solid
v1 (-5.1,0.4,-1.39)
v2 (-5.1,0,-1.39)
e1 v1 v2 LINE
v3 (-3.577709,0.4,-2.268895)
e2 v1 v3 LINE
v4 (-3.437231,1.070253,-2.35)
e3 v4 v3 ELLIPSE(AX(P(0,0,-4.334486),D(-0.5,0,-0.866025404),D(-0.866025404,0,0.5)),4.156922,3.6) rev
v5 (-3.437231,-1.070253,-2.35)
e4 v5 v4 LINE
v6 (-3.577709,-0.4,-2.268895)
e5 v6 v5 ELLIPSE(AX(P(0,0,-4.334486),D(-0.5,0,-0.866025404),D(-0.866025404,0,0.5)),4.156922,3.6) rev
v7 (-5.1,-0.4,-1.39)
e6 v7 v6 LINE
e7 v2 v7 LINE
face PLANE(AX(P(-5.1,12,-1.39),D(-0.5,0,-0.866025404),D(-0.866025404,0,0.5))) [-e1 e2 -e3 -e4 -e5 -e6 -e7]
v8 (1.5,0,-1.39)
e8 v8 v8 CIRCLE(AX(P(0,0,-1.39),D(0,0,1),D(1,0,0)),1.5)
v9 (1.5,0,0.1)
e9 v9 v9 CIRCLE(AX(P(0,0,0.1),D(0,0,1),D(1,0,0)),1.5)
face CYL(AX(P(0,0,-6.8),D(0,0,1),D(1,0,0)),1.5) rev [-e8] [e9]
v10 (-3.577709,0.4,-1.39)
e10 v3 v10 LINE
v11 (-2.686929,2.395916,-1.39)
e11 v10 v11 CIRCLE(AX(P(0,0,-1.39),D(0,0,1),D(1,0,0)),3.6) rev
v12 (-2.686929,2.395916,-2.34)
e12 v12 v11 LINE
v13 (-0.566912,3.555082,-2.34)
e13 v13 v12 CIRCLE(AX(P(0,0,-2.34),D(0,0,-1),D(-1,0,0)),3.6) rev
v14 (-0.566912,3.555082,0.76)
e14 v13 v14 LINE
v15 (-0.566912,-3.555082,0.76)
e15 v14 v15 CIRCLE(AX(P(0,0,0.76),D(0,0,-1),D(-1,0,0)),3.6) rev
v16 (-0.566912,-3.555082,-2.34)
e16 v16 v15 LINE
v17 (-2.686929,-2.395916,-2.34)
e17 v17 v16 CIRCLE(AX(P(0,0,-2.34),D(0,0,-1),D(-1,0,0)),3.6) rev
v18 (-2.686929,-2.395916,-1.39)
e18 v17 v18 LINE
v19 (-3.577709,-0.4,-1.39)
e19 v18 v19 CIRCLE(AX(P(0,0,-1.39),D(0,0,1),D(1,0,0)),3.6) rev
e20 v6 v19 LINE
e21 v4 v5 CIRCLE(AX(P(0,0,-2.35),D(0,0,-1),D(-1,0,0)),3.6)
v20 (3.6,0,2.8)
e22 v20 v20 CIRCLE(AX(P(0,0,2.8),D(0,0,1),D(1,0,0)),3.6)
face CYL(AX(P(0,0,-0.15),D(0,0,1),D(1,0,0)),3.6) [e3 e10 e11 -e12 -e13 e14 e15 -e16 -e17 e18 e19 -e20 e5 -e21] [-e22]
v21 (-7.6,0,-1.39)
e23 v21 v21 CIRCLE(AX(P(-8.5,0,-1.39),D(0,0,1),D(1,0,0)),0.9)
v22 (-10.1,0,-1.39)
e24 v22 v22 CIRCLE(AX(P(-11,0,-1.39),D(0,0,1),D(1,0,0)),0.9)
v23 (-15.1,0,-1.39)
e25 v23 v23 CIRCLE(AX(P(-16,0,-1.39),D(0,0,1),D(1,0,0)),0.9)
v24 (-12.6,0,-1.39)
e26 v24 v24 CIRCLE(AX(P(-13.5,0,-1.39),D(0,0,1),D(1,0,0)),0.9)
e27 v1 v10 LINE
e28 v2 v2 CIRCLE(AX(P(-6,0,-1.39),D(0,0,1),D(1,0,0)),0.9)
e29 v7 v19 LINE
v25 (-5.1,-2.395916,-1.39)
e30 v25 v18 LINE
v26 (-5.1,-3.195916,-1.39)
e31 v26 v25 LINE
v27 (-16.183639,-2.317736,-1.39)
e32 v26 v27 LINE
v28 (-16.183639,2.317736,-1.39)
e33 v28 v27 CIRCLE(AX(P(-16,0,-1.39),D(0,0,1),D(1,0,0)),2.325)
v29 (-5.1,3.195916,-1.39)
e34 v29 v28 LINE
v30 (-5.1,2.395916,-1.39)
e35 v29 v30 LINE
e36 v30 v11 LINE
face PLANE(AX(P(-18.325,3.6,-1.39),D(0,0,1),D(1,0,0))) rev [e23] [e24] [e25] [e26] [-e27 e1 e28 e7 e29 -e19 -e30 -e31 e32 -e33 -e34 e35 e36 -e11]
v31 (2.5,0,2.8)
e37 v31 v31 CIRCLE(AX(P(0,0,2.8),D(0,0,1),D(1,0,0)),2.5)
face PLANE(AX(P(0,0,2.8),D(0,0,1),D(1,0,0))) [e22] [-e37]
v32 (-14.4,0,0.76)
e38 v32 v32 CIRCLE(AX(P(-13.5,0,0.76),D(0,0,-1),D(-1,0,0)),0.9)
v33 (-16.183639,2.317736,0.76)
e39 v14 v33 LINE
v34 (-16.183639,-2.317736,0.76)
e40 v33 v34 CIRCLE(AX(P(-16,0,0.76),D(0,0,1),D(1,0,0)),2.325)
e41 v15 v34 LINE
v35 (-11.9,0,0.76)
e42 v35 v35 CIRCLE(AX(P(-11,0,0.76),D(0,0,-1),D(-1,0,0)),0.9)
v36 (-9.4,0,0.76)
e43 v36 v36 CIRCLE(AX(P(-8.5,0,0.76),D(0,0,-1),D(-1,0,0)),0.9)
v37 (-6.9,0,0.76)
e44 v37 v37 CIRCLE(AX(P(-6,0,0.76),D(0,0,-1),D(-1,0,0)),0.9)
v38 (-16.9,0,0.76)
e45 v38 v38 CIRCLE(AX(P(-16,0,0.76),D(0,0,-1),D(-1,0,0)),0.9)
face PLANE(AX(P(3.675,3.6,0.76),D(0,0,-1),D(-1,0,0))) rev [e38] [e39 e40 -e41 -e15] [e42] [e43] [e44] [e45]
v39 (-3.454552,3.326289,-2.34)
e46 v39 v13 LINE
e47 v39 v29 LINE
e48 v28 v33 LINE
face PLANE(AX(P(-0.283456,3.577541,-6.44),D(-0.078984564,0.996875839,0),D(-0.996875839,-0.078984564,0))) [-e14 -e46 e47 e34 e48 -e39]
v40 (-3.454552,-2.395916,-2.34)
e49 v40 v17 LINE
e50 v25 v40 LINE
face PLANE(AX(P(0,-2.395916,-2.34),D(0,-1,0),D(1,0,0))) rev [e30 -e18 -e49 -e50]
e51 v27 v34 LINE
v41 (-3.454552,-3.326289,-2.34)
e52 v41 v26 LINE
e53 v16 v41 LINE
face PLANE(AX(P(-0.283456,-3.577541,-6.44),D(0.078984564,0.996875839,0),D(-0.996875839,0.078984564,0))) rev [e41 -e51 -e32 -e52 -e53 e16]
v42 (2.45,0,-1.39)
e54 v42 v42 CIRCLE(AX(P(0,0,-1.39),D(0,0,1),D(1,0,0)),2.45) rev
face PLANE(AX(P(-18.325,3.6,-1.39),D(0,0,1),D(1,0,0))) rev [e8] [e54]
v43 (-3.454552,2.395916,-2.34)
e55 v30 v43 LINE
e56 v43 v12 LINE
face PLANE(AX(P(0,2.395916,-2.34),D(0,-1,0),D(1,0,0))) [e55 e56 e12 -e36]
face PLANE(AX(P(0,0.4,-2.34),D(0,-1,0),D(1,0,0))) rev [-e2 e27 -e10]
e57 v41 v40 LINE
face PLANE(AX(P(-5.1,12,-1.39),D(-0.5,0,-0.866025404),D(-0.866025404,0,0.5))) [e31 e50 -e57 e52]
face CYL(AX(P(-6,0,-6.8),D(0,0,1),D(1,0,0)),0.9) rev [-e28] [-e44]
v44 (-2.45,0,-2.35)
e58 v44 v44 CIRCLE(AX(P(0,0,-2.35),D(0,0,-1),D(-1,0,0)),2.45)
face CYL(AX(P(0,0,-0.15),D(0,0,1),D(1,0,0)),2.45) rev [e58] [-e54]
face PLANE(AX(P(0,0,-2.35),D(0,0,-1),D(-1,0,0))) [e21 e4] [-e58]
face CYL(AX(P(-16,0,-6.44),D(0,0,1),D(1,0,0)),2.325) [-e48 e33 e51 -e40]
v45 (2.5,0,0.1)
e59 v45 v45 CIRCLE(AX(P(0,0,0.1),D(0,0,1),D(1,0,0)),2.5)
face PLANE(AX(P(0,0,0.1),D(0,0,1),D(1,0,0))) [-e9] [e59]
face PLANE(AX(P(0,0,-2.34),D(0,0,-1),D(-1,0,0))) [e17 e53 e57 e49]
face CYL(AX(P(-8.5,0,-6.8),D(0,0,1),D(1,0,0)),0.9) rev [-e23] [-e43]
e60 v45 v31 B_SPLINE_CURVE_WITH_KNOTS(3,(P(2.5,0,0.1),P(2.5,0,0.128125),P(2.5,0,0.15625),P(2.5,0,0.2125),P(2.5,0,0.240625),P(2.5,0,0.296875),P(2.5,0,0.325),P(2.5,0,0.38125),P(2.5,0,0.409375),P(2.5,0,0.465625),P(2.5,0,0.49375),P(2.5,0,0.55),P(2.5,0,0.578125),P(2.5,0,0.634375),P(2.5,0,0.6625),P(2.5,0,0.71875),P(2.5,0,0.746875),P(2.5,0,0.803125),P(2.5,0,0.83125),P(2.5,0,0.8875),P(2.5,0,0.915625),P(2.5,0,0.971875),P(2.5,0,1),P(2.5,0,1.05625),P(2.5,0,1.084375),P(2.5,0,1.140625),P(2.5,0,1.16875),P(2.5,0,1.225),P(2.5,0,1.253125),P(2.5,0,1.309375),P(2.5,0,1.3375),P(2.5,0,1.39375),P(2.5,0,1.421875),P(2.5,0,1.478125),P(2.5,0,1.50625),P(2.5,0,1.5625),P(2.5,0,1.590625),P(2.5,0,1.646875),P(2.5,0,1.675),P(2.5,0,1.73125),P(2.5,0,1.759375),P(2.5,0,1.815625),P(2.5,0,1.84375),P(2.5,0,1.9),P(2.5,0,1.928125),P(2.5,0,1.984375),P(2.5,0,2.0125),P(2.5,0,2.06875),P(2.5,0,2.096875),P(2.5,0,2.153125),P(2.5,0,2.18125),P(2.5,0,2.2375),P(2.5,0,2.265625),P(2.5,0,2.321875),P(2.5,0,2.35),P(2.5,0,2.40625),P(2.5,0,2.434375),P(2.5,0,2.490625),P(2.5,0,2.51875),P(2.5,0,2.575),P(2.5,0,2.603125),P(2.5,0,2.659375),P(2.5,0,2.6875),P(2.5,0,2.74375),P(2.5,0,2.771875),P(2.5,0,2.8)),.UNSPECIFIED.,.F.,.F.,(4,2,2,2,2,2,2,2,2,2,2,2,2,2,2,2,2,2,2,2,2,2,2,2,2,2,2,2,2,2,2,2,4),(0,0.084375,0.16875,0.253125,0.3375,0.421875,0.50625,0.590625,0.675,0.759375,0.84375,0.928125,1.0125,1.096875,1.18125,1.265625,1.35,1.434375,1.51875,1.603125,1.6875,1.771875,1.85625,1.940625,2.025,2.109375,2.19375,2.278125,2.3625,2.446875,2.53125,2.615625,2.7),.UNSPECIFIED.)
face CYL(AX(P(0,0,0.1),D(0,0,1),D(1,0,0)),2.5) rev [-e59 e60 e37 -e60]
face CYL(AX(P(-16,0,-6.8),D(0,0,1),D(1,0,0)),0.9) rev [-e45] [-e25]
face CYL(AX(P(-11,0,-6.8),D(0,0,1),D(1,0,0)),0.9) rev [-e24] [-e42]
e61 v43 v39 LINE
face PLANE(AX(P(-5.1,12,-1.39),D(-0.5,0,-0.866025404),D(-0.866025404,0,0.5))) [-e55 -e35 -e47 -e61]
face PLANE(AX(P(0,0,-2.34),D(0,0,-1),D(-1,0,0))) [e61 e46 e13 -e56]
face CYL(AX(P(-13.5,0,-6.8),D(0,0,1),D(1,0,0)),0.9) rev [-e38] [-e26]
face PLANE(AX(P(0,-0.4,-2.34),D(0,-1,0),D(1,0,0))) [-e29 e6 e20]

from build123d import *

# Parameters (mm, degrees)
RESSALTO_EXTRUS_O1_DEPTH      = 2.8
RESSALTO_EXTRUS_O1_DEPTH_BACK = 0.15
ESBO_O1_R                     = 3.6
ESBO_O1_R_2                   = 2.45
ESBO_O2_R                     = 2.5
ESBO_O2_R_2                   = 1
RESSALTO_EXTRUS_O2_DEPTH      = 0.5
ESBO_O3_R                     = 3.6
ESBO_O3_R_2                   = 2.45
RESSALTO_EXTRUS_O3_DEPTH      = 2.2
ESBO_O4_W                     = 22
ESBO_O4_H                     = 2.15
RESSALTO_EXTRUS_O4_DEPTH      = 3.6
CORTE_EXTRUS_O2_DEPTH         = 7.2
ESBO_O7_R                     = 2.5
CORTE_EXTRUS_O3_DEPTH         = 2.7
ESBO_O8_R                     = 1.5
ESBO_O8_R_2                   = 0.9
CORTE_EXTRUS_O4_DEPTH         = 6.9
RESSALTO_EXTRUS_O5_DEPTH      = 0.95
CORTE_EXTRUS_O5_DEPTH         = 12
CORTE_EXTRUS_O5_DEPTH_BACK    = 4.95


with BuildPart() as part:
    # Esboço1 → Ressalto-extrusão1 (new, two sides: drawn at the far end of the back side and taken through both)
    with BuildSketch(Plane.XY.offset(-RESSALTO_EXTRUS_O1_DEPTH_BACK)):
        Circle(ESBO_O1_R)
        Circle(ESBO_O1_R_2, mode=Mode.SUBTRACT)
    extrude(amount=RESSALTO_EXTRUS_O1_DEPTH + RESSALTO_EXTRUS_O1_DEPTH_BACK)



with BuildPart() as body_2:
    # Esboço2 → Ressalto-extrusão2 (new body)
    with BuildSketch(Plane(origin=(0, 0, -0.15), x_dir=(-1, 0, 0), z_dir=(0, 0, -1))):
        Circle(ESBO_O2_R)
        Circle(ESBO_O2_R_2, mode=Mode.SUBTRACT)
    extrude(amount=RESSALTO_EXTRUS_O2_DEPTH)


with BuildPart() as part_1:
    add(part.part)

    add(body_2.part)  # Ressalto-extrusão3 merges body 2
    # Esboço3 → Ressalto-extrusão3 (add)
    with BuildSketch(Plane(origin=(0, 0, -0.15), x_dir=(-1, 0, 0), z_dir=(0, 0, -1))):
        with Locations(Location((0, 0, 0), (0, 0, 180))):
            Circle(ESBO_O3_R)
        with Locations(Location((0, 0, 0), (0, 0, 180))):
            Circle(ESBO_O3_R_2, mode=Mode.SUBTRACT)
    extrude(amount=RESSALTO_EXTRUS_O3_DEPTH)

    # Esboço4 → Ressalto-extrusão4 (add, symmetric)
    with BuildSketch(Plane(origin=(0, 0, 0), x_dir=(1, 0, 0), z_dir=(0, 1, 0))):
        with Locations((-7.325, 0.315)):
            Rectangle(ESBO_O4_W, ESBO_O4_H)
    extrude(amount=RESSALTO_EXTRUS_O4_DEPTH, both=True)

    # Esboço5 → Corte-extrusão2 (cut)
    with BuildSketch(Plane.XY.offset(0.76)):
        with BuildLine():
            ThreePointArc((0, -3.6), (-0.28434443, -3.588753021), (-0.566912184, -3.555082358))
            Line((-0.566912184, -3.555082358), (-16.183639111, -2.317736326))
            ThreePointArc((-16.183639111, -2.317736326), (-17.70771571, -1.577761723), (-18.325, -1.7e-08))
            Line((-18.325, -1.7e-08), (-18.325, -3.6))
            Line((-18.325, -3.6), (0, -3.6))
        make_face()
        with BuildLine():
            ThreePointArc((0, 3.6), (3.6, 0), (0, -3.6))
            Line((0, -3.6), (3.675, -3.6))
            Line((3.675, -3.6), (3.675, 3.6))
            Line((3.675, 3.6), (0, 3.6))
        make_face()
        with BuildLine():
            Line((-16.183639111, 2.317736326), (-0.566912184, 3.555082358))
            ThreePointArc((-0.566912184, 3.555082358), (-0.28434443, 3.588753021), (0, 3.6))
            Line((0, 3.6), (-18.325, 3.6))
            Line((-18.325, 3.6), (-18.325, -1.7e-08))
            ThreePointArc((-18.325, -1.7e-08), (-17.707715722, 1.57776171), (-16.183639111, 2.317736326))
        make_face()
    extrude(amount=-CORTE_EXTRUS_O2_DEPTH, mode=Mode.SUBTRACT)

    # Esboço7 → Corte-extrusão3 (cut)
    with BuildSketch(Plane.XY.offset(2.8)):
        Circle(ESBO_O7_R)
    extrude(amount=-CORTE_EXTRUS_O3_DEPTH, mode=Mode.SUBTRACT)

    # Esboço8 → Corte-extrusão4 (cut, symmetric)
    with BuildSketch(Plane.XY.offset(0.1)):
        Circle(ESBO_O8_R)
        with Locations((-6, 0)):
            Circle(ESBO_O8_R_2)
        with Locations((-8.5, 0)):
            Circle(ESBO_O8_R_2)
        with Locations((-11, 0)):
            Circle(ESBO_O8_R_2)
        with Locations((-13.5, 0)):
            Circle(ESBO_O8_R_2)
        with Locations((-16, 0)):
            Circle(ESBO_O8_R_2)
    extrude(amount=CORTE_EXTRUS_O4_DEPTH, both=True, mode=Mode.SUBTRACT)

    # Esboço10 → Ressalto-extrusão5 (add)
    with BuildSketch(Plane(origin=(0, 0, -1.39), x_dir=(-1, 0, 0), z_dir=(0, 0, -1))):
        with BuildLine():
            Line((0.566912184, -3.555082358), (5.1, -3.195916302))
            Line((5.1, -3.195916302), (5.1, -2.395916302))
            Line((5.1, -2.395916302), (2.686928558, -2.395916302))
            ThreePointArc((2.686928558, -2.395916302), (1.727074515, -3.158672763), (0.566912184, -3.555082358))
        make_face()
        with BuildLine():
            ThreePointArc((3.577708764, 0.4), (3.6, 0), (3.577708764, -0.4))
            Line((3.577708764, -0.4), (5.193774225, -0.4))
            ThreePointArc((5.193774225, -0.4), (5.1, 0), (5.193774225, 0.4))
            Line((5.193774225, 0.4), (3.577708764, 0.4))
        make_face()
        with BuildLine():
            ThreePointArc((0.566912184, 3.555082358), (1.727074515, 3.158672763), (2.686928558, 2.395916302))
            Line((2.686928558, 2.395916302), (5.1, 2.395916302))
            Line((5.1, 2.395916302), (5.1, 3.195916302))
            Line((5.1, 3.195916302), (0.566912184, 3.555082358))
        make_face()
    extrude(amount=RESSALTO_EXTRUS_O5_DEPTH)

    # Esboço11 → Corte-extrusão5 (cut, two sides: drawn at the far end of the back side and taken through both)
    with BuildSketch(Plane(origin=(0, 0, 0), x_dir=(1, 0, 0), z_dir=(0, 1, 0)).offset(-CORTE_EXTRUS_O5_DEPTH_BACK)):
        Polygon((-5.1, 1.39), (-2.045555334, 3.15348445), (-5.859008957, 3.15348445), (-5.859008957, 1.39), align=None)
    extrude(amount=CORTE_EXTRUS_O5_DEPTH + CORTE_EXTRUS_O5_DEPTH_BACK, mode=Mode.SUBTRACT)


solid = part_1.part
